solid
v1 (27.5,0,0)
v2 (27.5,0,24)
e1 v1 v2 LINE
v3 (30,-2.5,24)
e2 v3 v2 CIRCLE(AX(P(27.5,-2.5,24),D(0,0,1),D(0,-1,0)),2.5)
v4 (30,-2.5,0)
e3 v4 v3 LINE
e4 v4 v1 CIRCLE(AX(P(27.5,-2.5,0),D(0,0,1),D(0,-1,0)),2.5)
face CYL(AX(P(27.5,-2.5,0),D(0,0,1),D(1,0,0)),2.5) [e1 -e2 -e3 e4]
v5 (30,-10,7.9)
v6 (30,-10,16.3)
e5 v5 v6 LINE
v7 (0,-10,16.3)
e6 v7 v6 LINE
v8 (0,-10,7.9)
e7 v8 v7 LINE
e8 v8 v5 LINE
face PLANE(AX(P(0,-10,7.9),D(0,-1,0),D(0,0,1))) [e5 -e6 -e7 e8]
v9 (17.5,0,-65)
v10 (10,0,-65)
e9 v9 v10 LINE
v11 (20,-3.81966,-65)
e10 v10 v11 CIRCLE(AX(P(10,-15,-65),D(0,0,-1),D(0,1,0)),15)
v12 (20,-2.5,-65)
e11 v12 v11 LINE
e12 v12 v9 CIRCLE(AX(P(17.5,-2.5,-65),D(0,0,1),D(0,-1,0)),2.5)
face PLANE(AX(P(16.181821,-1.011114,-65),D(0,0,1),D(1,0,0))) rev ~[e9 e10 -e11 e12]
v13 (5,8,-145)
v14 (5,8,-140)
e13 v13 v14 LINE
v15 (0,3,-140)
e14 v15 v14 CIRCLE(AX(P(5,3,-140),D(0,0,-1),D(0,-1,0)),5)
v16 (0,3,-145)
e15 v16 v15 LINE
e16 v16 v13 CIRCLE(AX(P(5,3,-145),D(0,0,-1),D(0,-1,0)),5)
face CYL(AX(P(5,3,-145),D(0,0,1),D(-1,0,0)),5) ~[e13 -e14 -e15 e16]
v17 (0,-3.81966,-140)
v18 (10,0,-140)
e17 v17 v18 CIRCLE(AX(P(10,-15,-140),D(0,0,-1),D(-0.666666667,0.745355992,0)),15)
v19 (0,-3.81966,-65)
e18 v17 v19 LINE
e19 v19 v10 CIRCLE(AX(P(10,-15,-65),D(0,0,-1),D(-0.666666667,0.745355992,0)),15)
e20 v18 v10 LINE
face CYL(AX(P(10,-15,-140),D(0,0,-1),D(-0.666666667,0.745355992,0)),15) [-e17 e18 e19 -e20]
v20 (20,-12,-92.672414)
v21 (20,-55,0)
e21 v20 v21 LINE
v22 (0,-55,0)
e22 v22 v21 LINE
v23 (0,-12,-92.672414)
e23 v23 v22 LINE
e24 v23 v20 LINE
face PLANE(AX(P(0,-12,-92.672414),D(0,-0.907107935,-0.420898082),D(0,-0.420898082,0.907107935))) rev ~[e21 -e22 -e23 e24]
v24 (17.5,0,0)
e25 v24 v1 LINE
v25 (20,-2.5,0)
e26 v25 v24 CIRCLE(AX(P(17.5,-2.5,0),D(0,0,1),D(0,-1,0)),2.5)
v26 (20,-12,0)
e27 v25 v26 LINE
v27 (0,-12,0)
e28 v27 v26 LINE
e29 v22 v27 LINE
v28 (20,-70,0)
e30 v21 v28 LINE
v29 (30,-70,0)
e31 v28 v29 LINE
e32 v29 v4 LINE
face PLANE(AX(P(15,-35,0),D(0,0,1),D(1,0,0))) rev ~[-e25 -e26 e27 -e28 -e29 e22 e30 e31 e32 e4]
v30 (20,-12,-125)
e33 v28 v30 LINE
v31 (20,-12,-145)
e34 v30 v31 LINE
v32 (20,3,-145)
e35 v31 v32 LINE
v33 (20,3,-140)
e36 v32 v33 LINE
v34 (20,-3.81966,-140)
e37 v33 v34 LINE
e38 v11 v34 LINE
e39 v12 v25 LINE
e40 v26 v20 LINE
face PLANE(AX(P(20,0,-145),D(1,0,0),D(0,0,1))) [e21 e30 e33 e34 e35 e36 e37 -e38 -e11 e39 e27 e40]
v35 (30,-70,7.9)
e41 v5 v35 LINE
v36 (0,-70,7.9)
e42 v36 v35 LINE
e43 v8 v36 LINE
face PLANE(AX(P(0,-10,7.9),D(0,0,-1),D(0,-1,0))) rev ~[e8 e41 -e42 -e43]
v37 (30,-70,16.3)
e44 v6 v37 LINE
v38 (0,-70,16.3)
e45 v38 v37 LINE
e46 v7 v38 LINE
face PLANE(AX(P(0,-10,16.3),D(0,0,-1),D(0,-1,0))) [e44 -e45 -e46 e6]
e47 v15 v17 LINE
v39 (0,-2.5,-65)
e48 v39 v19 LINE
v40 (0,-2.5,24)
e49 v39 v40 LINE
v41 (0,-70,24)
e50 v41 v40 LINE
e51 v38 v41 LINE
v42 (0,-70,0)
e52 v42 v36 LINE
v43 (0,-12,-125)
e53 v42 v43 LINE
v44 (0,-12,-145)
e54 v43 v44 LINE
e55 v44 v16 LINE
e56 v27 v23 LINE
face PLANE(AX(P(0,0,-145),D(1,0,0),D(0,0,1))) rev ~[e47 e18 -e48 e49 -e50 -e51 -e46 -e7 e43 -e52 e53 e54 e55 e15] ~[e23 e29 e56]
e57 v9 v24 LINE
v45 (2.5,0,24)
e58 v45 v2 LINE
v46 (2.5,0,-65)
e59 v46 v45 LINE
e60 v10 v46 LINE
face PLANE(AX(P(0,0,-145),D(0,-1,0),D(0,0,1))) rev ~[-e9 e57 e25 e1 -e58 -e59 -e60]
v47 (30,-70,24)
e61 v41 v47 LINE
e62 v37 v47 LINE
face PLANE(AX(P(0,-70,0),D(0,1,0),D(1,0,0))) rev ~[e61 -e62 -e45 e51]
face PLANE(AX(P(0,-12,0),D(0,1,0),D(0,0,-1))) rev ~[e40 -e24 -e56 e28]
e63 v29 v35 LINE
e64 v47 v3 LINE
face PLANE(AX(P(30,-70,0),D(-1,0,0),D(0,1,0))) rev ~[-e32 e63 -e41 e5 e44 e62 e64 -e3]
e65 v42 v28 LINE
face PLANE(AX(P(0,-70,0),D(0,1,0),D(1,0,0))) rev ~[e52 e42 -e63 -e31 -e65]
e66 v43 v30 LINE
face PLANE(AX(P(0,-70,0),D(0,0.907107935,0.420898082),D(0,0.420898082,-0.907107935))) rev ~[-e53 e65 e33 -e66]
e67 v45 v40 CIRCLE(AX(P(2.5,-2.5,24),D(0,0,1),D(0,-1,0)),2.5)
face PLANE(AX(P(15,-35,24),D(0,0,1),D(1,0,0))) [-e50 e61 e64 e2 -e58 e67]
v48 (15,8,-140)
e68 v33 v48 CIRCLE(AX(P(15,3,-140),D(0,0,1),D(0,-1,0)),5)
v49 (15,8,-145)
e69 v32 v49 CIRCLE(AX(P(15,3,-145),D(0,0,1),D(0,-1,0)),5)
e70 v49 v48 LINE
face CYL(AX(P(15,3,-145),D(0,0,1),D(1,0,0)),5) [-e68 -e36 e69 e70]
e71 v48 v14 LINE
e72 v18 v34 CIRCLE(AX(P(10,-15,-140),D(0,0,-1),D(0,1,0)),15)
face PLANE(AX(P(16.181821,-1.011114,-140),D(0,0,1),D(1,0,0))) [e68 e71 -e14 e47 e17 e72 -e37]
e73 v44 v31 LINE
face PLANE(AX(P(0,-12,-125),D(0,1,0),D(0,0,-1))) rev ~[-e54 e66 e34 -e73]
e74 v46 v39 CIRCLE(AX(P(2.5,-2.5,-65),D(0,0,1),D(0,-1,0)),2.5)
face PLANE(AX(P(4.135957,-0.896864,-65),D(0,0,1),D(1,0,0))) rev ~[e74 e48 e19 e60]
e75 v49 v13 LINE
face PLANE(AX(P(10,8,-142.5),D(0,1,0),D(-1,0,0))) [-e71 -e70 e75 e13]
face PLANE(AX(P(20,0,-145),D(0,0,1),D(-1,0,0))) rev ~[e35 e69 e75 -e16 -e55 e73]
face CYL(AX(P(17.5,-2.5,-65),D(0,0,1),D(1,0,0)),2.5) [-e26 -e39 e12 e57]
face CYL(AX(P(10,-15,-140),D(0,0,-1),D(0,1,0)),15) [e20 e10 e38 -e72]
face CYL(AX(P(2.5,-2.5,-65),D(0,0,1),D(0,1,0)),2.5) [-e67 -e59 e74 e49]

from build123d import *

# Parameters (mm, degrees)
F0_W     = 30
F0_H     = 70
F1_DEPTH = 24
F2_W     = 60
F2_H     = 8.4
F3_DEPTH = 30.001
F5_DEPTH = 20
F6_W     = 20
F6_H     = 5
F7_DEPTH = 8
F9_DEPTH = 75
F10_R    = 5
F11_R    = 2.5
F12_R    = 2.5


with BuildPart() as f1:
    # F0 (on Top) → F1 (new body)
    with BuildSketch(Plane.XY):
        with Locations((15, -35)):
            Rectangle(F0_W, F0_H)
    extrude(amount=F1_DEPTH)

    # F2 (on face) → F3 (cut, through all)
    with BuildSketch(Plane(origin=(0, 0, 0), x_dir=(0, -1, 0), z_dir=(-1, 0, 0))):
        with Locations((40, 12.1)):
            Rectangle(F2_W, F2_H)
    extrude(amount=-F3_DEPTH, mode=Mode.SUBTRACT)

    # F4 (on Right) → F5 (join)
    with BuildSketch(Plane.YZ):
        Polygon((0, -145), (0, 0), (-12, 0), (-12, -92.6724137931), (-12, -125), (-12, -145), align=None)
        Polygon((-12, -125), (-12, -92.6724137931), (-55, 0), (-70, 0), align=None)
    extrude(amount=F5_DEPTH)

    # F6 (on face) → F7 (join)
    with BuildSketch(Plane(origin=(0, 0, 0), x_dir=(-1, 0, 0), z_dir=(0, 1, 0))):
        with Locations((-10, -142.5)):
            Rectangle(F6_W, F6_H)
    extrude(amount=F7_DEPTH)

    # F8 (on face) → F9 (cut)
    with BuildSketch(Plane.XY.offset(-140)):
        with BuildLine():
            ThreePointArc((0, -3.8196601125), (4.647668654, -0.9874146153), (10.0000000012, 0))
            Line((10.0000000012, 0), (0, 0))
            Line((0, 0), (0, -3.8196601125))
        make_face()
        with BuildLine():
            ThreePointArc((10.0000000012, 0), (15.6425875311, -1.1017552924), (20.4562749714, -4.2451725387))
            Line((20.4562749714, -4.2451725387), (20.4562749714, 0))
            Line((20.4562749714, 0), (20, 0))
            Line((20, 0), (10.0000000012, 0))
        make_face()
    extrude(amount=F9_DEPTH, mode=Mode.SUBTRACT)

    # F10
    f10_edges = [f1.edges().sort_by_distance(p)[0] for p in [
        (0, 8, -142.5),
        (20, 8, -142.5),
    ]]
    fillet(f10_edges, radius=F10_R)

    # F11
    f11_edges = [f1.edges().sort_by_distance(p)[0] for p in [
        (0, 0, -20.5),
        (20, 0, -32.5),
    ]]
    fillet(f11_edges, radius=F11_R)

    # F12
    f12_edges = [f1.edges().sort_by_distance(p)[0] for p in [
        (30, 0, 12),
    ]]
    fillet(f12_edges, radius=F12_R)


solid = f1.part
